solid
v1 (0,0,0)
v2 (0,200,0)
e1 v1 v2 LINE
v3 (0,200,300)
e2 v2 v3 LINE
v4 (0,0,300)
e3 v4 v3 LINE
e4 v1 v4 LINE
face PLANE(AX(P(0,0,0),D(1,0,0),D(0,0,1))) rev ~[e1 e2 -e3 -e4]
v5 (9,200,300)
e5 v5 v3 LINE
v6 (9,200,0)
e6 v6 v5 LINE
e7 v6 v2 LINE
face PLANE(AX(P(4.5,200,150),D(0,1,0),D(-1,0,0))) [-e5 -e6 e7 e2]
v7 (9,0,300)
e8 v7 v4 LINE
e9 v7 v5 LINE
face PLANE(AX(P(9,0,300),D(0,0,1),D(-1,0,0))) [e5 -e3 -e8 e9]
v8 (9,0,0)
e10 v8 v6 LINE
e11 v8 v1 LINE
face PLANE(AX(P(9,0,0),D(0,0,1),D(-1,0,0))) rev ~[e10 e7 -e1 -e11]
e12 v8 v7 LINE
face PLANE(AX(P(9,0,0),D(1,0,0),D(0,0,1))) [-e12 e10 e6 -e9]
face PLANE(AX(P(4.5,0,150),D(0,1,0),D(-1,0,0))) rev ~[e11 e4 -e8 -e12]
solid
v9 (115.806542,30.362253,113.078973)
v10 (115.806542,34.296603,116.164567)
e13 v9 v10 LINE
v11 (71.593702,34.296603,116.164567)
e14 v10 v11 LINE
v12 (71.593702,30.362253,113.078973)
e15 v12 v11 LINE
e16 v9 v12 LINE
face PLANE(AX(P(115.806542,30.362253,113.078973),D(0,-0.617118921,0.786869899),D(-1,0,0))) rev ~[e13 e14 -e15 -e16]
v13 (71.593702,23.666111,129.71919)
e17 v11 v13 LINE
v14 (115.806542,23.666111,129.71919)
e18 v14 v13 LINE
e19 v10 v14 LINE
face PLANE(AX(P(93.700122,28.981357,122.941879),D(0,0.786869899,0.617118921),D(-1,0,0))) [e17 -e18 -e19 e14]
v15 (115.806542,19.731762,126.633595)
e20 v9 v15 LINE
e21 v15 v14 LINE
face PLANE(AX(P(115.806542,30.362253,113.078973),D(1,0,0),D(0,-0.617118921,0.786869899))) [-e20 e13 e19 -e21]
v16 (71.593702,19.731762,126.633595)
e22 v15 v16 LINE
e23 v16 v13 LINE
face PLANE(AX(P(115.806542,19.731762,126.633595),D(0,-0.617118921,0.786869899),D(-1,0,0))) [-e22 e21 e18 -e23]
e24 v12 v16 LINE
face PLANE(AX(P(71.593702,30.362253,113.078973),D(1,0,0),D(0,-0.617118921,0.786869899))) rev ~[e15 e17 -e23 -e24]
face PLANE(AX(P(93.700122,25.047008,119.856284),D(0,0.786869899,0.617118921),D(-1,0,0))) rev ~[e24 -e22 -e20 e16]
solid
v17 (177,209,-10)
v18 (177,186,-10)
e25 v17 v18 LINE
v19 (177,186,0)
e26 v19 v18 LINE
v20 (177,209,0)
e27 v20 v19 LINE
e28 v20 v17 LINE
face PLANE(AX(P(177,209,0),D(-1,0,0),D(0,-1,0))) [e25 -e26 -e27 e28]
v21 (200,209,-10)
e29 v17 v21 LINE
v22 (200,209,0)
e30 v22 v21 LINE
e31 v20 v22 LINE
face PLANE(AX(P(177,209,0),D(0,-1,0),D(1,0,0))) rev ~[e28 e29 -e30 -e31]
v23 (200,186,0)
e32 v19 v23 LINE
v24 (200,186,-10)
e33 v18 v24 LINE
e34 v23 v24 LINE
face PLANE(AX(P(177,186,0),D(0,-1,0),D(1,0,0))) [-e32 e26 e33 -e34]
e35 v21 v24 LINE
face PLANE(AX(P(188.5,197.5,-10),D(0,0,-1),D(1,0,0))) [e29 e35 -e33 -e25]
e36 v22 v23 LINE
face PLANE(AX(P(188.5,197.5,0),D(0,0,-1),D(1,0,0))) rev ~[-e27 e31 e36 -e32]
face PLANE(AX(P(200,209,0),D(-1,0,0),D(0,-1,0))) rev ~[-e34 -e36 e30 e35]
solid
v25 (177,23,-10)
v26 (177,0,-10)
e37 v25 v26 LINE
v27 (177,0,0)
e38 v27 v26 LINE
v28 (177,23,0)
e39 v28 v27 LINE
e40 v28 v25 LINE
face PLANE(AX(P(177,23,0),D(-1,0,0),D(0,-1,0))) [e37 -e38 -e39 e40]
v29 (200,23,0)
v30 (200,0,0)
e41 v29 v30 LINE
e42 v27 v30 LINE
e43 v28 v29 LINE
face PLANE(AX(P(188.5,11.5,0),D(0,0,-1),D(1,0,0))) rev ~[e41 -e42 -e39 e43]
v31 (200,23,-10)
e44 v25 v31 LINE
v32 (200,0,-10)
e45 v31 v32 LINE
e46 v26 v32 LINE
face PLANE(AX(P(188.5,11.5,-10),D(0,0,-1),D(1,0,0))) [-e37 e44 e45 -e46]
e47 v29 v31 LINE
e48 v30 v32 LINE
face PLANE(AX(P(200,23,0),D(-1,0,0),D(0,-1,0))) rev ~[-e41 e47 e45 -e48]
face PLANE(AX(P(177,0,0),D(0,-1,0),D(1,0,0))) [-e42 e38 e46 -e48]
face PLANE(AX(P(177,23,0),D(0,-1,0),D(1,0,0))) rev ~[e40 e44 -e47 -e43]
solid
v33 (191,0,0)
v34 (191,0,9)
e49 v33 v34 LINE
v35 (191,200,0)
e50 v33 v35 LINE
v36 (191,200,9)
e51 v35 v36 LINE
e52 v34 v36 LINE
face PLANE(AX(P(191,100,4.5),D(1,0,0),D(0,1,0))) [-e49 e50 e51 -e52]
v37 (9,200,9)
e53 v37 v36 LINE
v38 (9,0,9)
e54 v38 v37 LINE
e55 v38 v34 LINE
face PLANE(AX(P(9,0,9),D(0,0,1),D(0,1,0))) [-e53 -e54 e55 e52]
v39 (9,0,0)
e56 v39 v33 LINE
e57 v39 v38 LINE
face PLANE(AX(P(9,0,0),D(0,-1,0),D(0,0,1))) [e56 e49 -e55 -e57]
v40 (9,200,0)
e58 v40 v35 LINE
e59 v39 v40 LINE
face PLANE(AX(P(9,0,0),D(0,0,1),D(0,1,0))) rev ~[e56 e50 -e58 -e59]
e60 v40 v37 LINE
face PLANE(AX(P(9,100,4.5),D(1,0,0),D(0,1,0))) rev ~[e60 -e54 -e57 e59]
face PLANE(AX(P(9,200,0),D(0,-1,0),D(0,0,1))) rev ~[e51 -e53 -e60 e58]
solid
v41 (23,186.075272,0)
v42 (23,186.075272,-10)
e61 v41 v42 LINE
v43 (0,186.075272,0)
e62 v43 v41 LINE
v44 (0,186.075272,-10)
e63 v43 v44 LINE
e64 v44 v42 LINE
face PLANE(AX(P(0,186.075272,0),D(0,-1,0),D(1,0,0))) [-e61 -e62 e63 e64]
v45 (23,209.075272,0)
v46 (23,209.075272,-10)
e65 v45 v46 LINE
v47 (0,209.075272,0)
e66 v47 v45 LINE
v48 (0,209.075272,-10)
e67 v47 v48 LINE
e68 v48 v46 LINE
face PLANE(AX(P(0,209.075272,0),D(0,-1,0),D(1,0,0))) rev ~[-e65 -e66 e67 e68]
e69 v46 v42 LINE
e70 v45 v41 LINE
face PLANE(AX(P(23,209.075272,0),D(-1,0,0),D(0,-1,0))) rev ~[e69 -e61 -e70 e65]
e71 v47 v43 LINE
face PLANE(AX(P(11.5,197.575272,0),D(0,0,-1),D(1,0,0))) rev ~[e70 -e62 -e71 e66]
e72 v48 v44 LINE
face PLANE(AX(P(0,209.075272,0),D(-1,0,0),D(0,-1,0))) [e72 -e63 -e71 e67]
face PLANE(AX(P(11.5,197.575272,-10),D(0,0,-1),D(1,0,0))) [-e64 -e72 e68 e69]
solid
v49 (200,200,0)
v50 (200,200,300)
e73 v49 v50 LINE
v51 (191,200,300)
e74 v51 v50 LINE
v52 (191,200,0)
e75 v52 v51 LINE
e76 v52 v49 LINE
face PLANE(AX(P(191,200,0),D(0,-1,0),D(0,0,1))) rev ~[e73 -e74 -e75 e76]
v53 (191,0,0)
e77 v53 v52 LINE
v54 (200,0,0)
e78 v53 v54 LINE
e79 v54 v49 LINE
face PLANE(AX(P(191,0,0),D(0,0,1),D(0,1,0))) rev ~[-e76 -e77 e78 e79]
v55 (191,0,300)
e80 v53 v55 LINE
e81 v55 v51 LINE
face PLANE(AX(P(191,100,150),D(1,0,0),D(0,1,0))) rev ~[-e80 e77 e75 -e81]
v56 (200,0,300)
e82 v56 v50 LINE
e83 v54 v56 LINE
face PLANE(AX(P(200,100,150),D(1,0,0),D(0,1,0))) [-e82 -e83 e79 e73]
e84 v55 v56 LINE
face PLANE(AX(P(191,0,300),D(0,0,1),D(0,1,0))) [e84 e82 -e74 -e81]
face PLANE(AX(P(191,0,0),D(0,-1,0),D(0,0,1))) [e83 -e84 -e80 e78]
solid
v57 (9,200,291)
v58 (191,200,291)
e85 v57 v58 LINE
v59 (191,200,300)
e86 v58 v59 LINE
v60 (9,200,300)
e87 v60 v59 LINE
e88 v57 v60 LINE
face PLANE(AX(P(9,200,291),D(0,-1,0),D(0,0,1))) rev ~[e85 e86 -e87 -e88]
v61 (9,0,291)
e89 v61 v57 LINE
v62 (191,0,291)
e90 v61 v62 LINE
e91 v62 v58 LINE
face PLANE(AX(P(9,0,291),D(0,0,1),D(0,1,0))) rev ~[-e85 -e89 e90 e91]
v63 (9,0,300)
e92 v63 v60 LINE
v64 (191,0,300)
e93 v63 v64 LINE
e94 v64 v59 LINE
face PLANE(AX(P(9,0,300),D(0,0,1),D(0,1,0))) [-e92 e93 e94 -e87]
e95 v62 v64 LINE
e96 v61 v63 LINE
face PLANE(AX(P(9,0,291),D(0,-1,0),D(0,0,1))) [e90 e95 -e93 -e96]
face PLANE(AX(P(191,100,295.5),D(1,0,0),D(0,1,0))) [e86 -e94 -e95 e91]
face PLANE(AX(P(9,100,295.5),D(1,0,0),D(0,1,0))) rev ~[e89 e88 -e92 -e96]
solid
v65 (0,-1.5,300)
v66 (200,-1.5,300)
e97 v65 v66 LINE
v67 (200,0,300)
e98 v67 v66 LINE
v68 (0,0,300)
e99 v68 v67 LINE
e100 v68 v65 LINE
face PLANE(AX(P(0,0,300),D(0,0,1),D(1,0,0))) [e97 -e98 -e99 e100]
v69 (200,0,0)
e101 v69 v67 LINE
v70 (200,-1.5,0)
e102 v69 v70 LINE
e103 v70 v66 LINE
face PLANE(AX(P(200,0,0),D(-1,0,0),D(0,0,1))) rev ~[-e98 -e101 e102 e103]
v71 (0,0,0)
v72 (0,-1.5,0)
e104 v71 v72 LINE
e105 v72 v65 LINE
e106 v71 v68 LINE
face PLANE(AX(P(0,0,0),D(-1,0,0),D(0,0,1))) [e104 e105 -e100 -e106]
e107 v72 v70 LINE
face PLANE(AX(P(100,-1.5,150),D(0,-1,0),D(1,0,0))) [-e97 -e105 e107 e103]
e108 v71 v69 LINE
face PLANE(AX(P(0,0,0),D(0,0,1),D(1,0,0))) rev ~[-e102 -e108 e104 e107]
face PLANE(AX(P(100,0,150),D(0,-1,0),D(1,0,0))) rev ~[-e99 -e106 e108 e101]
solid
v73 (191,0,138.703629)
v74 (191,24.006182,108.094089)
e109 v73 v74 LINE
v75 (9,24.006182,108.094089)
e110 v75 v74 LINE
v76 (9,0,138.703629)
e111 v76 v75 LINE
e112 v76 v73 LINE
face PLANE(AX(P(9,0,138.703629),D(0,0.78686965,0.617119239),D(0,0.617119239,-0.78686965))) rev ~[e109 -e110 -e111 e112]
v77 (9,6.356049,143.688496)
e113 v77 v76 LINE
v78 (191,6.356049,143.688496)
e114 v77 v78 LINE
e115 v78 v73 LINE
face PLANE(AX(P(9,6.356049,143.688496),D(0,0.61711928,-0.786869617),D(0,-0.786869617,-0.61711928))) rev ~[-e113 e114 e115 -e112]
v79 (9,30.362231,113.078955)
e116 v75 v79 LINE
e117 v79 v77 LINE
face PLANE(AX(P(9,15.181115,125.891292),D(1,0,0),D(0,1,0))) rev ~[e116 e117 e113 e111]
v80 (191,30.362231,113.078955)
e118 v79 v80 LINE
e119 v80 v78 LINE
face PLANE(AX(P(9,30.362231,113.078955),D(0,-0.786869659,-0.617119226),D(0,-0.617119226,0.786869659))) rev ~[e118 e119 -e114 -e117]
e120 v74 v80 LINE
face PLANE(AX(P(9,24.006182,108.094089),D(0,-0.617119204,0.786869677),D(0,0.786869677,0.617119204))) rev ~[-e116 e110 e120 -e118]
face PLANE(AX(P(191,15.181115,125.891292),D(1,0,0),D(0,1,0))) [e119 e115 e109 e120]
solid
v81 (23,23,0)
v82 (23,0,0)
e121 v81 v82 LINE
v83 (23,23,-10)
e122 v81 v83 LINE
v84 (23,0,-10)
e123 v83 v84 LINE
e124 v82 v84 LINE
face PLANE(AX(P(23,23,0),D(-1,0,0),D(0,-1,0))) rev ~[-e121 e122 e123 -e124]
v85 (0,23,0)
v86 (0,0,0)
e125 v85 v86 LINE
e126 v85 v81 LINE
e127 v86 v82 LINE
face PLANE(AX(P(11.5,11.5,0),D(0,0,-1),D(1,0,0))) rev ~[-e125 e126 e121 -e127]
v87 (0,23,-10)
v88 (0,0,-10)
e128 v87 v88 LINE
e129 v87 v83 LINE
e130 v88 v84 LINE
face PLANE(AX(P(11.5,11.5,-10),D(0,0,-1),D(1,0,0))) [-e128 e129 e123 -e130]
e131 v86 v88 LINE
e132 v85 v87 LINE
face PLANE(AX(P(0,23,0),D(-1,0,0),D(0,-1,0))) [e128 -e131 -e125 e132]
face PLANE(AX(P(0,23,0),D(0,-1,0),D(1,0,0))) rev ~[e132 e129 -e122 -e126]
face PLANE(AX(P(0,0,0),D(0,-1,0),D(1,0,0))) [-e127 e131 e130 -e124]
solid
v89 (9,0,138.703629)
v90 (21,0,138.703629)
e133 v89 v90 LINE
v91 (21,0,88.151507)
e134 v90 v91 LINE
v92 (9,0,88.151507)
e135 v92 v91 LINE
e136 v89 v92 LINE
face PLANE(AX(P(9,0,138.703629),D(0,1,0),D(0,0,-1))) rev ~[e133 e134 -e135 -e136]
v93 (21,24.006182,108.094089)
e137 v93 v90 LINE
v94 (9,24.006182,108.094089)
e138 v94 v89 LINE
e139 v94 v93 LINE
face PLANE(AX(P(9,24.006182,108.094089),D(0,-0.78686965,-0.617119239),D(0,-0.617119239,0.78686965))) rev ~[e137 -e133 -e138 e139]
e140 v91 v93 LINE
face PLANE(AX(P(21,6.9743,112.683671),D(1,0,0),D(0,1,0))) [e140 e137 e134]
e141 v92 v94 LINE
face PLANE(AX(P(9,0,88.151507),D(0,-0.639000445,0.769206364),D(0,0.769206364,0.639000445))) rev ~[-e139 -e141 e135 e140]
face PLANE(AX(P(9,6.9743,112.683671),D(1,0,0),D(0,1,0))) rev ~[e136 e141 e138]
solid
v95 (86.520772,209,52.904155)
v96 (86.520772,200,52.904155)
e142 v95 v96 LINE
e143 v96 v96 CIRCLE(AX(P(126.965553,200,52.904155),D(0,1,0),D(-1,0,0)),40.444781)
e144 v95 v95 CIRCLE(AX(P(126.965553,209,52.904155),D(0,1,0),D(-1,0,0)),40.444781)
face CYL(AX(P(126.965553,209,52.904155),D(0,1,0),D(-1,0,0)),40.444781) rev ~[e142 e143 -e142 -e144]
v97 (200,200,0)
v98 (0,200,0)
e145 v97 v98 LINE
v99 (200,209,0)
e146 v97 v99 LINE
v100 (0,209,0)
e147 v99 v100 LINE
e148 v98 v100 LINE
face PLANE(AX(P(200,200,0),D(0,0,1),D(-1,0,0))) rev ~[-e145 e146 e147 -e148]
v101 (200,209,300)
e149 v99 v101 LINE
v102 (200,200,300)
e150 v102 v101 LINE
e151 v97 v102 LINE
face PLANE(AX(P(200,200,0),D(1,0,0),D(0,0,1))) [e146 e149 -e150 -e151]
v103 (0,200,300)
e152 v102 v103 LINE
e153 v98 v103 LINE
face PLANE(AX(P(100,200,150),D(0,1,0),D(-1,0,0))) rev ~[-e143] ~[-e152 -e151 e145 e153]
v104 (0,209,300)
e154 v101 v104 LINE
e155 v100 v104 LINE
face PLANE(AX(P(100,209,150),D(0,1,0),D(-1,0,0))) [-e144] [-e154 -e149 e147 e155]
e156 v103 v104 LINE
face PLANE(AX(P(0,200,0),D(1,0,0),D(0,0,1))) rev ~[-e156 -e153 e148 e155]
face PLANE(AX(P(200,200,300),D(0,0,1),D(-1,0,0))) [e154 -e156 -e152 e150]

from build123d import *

# Parameters (mm, degrees)
F0_W      = 200
F0_H      = 300
F1_DEPTH  = 1.5
F2_W      = 9
F2_H      = 300
F3_DEPTH  = 200
F5_DEPTH  = 12
F7_DEPTH  = 182
F8_W      = 44.21284
F8_H      = 17.226002
F9_DEPTH  = 5
F10_W     = 200
F10_H     = 9
F11_DEPTH = 182
F12_W     = 200
F12_H     = 9
F13_DEPTH = 182
F14_W     = 200
F14_H     = 300
F15_DEPTH = 9
F16_W     = 200
F16_H     = 300
F17_DEPTH = 9
F18_R     = 40.444781
F19_DEPTH = 9
F20_W     = 23
F20_H     = 23
F21_DEPTH = 10
F22_W     = 23
F22_H     = 23
F23_DEPTH = 10
F24_W     = 23
F24_H     = 23
F25_DEPTH = 10
F26_W     = 23
F26_H     = 23
F27_DEPTH = 10


with BuildPart() as f1:
    # F0 (on Front) → F1 (new body)
    with BuildSketch(Plane.XZ):
        with Locations((100, 150)):
            Rectangle(F0_W, F0_H)
    extrude(amount=F1_DEPTH)


with BuildPart() as f3:
    # F2 (on face) → F3 (new body)
    with BuildSketch(Plane(origin=(0, 0, 0), x_dir=(-1, 0, 0), z_dir=(0, 1, 0))):
        with Locations((-4.5, 150)):
            Rectangle(F2_W, F2_H)
    extrude(amount=F3_DEPTH)


with BuildPart() as f5:
    # F4 (on face) → F5 (new body)
    with BuildSketch(Plane.YZ.offset(9)):
        Polygon((24.006182, 108.094089), (0, 138.703629), (0, 88.151507), align=None)
    extrude(amount=F5_DEPTH)


with BuildPart() as f7:
    # F6 (on face) → F7 (new body)
    with BuildSketch(Plane.YZ.offset(9)):
        Polygon((0, 138.703629), (24.006182, 108.094089), (30.362231, 113.078955), (6.356049, 143.688496), align=None)
    extrude(amount=F7_DEPTH)


with BuildPart() as f9:
    # F8 (on face) → F9 (new body)
    with BuildSketch(Plane(origin=(0, 73.709477, 57.808223), x_dir=(-1, 0, 0), z_dir=(0, 0.78687, 0.617119))):
        with Locations((-93.700122, 78.854282)):
            Rectangle(F8_W, F8_H)
    extrude(amount=F9_DEPTH)


with BuildPart() as f11:
    # F10 (on face) → F11 (new body)
    with BuildSketch(Plane.YZ.offset(9)):
        with Locations((100, 295.5)):
            Rectangle(F10_W, F10_H)
    extrude(amount=F11_DEPTH)


with BuildPart() as f13:
    # F12 (on face) → F13 (new body)
    with BuildSketch(Plane.YZ.offset(9)):
        with Locations((100, 4.5)):
            Rectangle(F12_W, F12_H)
    extrude(amount=F13_DEPTH)


with BuildPart() as f15:
    # F14 (on face) → F15 (new body)
    with BuildSketch(Plane.YZ.offset(191)):
        with Locations((100, 150)):
            Rectangle(F14_W, F14_H)
    extrude(amount=F15_DEPTH)


with BuildPart() as f17:
    # F16 (on face) → F17 (new body)
    with BuildSketch(Plane(origin=(0, 200, 0), x_dir=(-1, 0, 0), z_dir=(0, 1, 0))):
        with Locations((-100, 150)):
            Rectangle(F16_W, F16_H)
    extrude(amount=F17_DEPTH)

    # F18 (on face) → F19 (cut)
    with BuildSketch(Plane(origin=(0, 209, 0), x_dir=(-1, 0, 0), z_dir=(0, 1, 0))):
        with Locations((-126.965553, 52.904155)):
            Circle(F18_R)
    extrude(amount=-F19_DEPTH, mode=Mode.SUBTRACT)


with BuildPart() as f21:
    # F20 (on face) → F21 (new body)
    with BuildSketch(Plane(origin=(0, 0, 0), x_dir=(1, 0, 0), z_dir=(0, 0, -1))):
        with Locations((11.5, -11.5)):
            Rectangle(F20_W, F20_H)
    extrude(amount=F21_DEPTH)


with BuildPart() as f23:
    # F22 (on face) → F23 (new body)
    with BuildSketch(Plane(origin=(0, 0, 0), x_dir=(1, 0, 0), z_dir=(0, 0, -1))):
        with Locations((188.5, -11.5)):
            Rectangle(F22_W, F22_H)
    extrude(amount=F23_DEPTH)


with BuildPart() as f25:
    # F24 (on face) → F25 (new body)
    with BuildSketch(Plane(origin=(0, 0, 0), x_dir=(1, 0, 0), z_dir=(0, 0, -1))):
        with Locations((11.5, -197.575272)):
            Rectangle(F24_W, F24_H)
    extrude(amount=F25_DEPTH)


with BuildPart() as f27:
    # F26 (on face) → F27 (new body)
    with BuildSketch(Plane(origin=(0, 0, 0), x_dir=(1, 0, 0), z_dir=(0, 0, -1))):
        with Locations((188.5, -197.5)):
            Rectangle(F26_W, F26_H)
    extrude(amount=F27_DEPTH)


solid = Compound([f1.part, f3.part, f5.part, f7.part, f9.part, f11.part, f13.part, f15.part, f17.part, f21.part, f23.part, f25.part, f27.part])
